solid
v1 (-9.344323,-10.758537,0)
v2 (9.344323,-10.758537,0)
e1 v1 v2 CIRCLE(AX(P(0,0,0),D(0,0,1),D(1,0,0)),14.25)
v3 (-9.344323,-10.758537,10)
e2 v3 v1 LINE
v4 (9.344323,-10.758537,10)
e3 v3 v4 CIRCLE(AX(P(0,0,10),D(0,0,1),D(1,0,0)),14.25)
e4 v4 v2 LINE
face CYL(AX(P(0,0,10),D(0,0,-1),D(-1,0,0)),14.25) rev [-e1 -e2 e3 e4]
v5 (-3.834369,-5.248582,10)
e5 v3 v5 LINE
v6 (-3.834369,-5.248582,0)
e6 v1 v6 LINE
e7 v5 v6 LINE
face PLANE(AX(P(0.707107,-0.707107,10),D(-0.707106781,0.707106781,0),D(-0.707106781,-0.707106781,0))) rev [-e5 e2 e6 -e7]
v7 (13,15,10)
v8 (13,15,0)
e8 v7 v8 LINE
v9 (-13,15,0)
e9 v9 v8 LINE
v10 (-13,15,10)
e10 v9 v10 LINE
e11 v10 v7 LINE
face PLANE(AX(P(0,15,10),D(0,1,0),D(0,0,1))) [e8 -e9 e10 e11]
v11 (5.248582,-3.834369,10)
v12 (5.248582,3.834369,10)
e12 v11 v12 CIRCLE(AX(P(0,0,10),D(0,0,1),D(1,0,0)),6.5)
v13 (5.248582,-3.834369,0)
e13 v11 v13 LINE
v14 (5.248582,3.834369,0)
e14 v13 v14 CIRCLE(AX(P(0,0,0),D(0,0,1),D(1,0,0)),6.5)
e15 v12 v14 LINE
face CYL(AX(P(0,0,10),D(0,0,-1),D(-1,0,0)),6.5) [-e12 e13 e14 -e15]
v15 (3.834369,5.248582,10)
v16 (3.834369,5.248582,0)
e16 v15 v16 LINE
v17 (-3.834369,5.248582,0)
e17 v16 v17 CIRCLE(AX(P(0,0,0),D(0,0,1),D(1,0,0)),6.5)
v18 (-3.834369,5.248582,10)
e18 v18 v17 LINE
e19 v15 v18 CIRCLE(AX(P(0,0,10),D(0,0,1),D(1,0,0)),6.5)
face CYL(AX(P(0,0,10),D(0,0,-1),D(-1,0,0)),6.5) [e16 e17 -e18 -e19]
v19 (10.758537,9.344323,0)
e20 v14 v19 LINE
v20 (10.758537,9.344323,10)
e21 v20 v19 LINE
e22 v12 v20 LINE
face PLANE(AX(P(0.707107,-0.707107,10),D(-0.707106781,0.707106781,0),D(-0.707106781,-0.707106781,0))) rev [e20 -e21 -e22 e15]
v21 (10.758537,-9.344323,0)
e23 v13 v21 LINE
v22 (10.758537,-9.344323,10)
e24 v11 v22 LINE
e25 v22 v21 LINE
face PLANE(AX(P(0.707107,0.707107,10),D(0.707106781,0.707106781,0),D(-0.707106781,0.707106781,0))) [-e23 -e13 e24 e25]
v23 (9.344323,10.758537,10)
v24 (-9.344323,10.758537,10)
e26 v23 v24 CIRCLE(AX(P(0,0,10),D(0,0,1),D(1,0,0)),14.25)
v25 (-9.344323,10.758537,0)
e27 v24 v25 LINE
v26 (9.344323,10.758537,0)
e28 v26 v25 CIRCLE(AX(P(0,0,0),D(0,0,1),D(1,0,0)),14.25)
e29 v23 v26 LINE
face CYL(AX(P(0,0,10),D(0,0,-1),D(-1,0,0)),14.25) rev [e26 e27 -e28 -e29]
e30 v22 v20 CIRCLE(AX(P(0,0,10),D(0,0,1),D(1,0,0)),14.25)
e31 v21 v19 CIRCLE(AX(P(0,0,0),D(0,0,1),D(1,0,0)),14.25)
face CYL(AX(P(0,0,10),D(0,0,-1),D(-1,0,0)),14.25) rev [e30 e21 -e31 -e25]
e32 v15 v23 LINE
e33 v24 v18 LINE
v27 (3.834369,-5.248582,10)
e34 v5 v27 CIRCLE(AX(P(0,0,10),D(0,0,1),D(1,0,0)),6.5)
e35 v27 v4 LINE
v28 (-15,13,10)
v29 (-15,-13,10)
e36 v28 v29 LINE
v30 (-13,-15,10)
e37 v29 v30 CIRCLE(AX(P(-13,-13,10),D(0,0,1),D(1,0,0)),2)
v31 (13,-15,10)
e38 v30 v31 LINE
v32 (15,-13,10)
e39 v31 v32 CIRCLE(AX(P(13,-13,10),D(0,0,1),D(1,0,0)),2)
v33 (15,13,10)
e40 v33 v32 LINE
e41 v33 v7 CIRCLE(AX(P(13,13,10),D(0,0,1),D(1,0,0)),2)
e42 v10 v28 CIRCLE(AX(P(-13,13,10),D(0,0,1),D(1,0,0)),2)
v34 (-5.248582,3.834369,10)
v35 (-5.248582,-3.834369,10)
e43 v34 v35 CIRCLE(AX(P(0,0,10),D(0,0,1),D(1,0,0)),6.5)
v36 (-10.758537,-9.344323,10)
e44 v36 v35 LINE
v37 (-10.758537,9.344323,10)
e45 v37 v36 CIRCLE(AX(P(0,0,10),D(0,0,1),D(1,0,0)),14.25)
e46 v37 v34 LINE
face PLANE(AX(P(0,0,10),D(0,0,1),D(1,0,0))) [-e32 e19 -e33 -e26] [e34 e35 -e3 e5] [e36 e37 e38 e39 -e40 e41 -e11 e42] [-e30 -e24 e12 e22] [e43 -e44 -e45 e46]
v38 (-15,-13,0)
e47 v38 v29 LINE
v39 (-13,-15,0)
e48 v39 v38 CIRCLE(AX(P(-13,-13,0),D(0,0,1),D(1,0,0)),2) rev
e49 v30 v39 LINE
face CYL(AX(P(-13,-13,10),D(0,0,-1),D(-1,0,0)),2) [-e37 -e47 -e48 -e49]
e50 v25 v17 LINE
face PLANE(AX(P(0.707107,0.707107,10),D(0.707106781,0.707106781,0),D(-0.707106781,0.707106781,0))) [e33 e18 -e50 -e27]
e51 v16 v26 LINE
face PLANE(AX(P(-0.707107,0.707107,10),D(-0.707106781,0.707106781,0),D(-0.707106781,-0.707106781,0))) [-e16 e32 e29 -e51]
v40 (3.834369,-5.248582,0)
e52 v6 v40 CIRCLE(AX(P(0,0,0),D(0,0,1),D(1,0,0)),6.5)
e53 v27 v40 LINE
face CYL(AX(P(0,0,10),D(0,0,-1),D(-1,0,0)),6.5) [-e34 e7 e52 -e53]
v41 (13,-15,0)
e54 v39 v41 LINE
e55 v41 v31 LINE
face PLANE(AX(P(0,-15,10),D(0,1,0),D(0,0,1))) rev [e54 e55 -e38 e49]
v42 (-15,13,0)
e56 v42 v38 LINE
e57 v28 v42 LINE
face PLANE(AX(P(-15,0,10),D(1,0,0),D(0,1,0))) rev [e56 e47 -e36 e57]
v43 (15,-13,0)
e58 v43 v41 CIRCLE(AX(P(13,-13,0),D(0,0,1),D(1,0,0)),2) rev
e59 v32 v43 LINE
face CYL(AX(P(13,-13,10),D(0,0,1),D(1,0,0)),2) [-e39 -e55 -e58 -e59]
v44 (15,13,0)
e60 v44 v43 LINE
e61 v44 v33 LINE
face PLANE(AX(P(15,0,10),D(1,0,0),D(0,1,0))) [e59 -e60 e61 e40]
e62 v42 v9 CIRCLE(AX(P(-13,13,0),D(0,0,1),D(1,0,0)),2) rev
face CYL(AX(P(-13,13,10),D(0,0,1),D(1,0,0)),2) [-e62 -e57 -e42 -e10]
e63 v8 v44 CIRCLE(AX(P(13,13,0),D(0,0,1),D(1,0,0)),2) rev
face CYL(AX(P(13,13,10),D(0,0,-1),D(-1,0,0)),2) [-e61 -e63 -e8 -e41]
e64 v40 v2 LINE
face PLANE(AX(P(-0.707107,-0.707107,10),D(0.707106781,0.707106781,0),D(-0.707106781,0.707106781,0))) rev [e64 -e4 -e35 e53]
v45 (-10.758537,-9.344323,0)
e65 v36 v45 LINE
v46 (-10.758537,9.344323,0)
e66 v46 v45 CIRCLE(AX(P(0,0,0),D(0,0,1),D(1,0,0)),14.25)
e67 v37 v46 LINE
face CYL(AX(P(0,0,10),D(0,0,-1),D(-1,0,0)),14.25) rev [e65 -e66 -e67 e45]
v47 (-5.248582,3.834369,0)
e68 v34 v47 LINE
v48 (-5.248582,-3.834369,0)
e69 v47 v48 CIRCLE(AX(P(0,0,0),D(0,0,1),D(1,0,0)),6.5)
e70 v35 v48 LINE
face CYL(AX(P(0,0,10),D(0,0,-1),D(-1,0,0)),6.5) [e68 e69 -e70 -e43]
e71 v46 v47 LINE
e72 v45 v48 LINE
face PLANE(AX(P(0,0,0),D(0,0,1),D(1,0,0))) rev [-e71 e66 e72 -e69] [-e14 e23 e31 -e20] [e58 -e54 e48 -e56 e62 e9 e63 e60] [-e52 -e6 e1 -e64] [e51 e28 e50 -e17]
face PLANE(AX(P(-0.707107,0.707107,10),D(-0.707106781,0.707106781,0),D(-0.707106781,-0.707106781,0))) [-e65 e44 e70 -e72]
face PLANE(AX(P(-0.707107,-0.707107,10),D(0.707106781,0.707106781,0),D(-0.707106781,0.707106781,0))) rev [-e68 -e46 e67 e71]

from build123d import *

# Parameters (mm, degrees)
BOSS_EXTRUDE1_DEPTH = 10
FILLET1_R           = 2


with BuildPart() as part:
    # Sketch1 → Boss-Extrude1 (new body)
    with BuildSketch(Plane.XY):
        with BuildLine():
            ThreePointArc((-10.758537028, -9.344323465), (-14.25, 0), (-10.758537028, 9.344323465))
            Line((-10.758537028, 9.344323465), (-15, 13.585786438))
            Line((-15, 13.585786438), (-15, -13.585786438))
            Line((-15, -13.585786438), (-10.758537028, -9.344323465))
        make_face()
        with BuildLine():
            ThreePointArc((-9.344323465, -10.758537028), (-10.076271632, -10.076271632), (-10.758537028, -9.344323465))
            Line((-10.758537028, -9.344323465), (-15, -13.585786438))
            Line((-15, -13.585786438), (-15, -15))
            Line((-15, -15), (-13.585786438, -15))
            Line((-13.585786438, -15), (-9.344323465, -10.758537028))
        make_face()
        with BuildLine():
            ThreePointArc((9.344323465, -10.758537028), (0, -14.25), (-9.344323465, -10.758537028))
            Line((-9.344323465, -10.758537028), (-13.585786438, -15))
            Line((-13.585786438, -15), (13.585786438, -15))
            Line((13.585786438, -15), (9.344323465, -10.758537028))
        make_face()
        with BuildLine():
            Line((15, -15), (15, -13.585786438))
            Line((15, -13.585786438), (10.758537028, -9.344323465))
            ThreePointArc((10.758537028, -9.344323465), (10.076271632, -10.076271632), (9.344323465, -10.758537028))
            Line((9.344323465, -10.758537028), (13.585786438, -15))
            Line((13.585786438, -15), (15, -15))
        make_face()
        with BuildLine():
            Line((15, 13.585786438), (10.758537028, 9.344323465))
            ThreePointArc((10.758537028, 9.344323465), (13.348626383, 4.987652121), (14.25, 0))
            ThreePointArc((14.25, 0), (13.348626383, -4.987652121), (10.758537028, -9.344323465))
            Line((10.758537028, -9.344323465), (15, -13.585786438))
            Line((15, -13.585786438), (15, 13.585786438))
        make_face()
        with BuildLine():
            Line((15, 15), (13.585786438, 15))
            Line((13.585786438, 15), (9.344323465, 10.758537028))
            ThreePointArc((9.344323465, 10.758537028), (10.076271632, 10.076271632), (10.758537028, 9.344323465))
            Line((10.758537028, 9.344323465), (15, 13.585786438))
            Line((15, 13.585786438), (15, 15))
        make_face()
        with BuildLine():
            Line((13.585786438, 15), (-13.585786438, 15))
            Line((-13.585786438, 15), (-9.344323465, 10.758537028))
            ThreePointArc((-9.344323465, 10.758537028), (0, 14.25), (9.344323465, 10.758537028))
            Line((9.344323465, 10.758537028), (13.585786438, 15))
        make_face()
        with BuildLine():
            Line((-9.344323465, 10.758537028), (-13.585786438, 15))
            Line((-13.585786438, 15), (-15, 15))
            Line((-15, 15), (-15, 13.585786438))
            Line((-15, 13.585786438), (-10.758537028, 9.344323465))
            ThreePointArc((-10.758537028, 9.344323465), (-10.076271632, 10.076271632), (-9.344323465, 10.758537028))
        make_face()
        with BuildLine():
            Line((3.83436875, -5.248582312), (0, -1.414213562))
            Line((0, -1.414213562), (-3.83436875, -5.248582312))
            ThreePointArc((-3.83436875, -5.248582312), (0, -6.5), (3.83436875, -5.248582312))
        make_face()
        with BuildLine():
            Line((0, -1.414213562), (-1.414213562, 0))
            Line((-1.414213562, 0), (-5.248582312, -3.83436875))
            ThreePointArc((-5.248582312, -3.83436875), (-4.596194078, -4.596194078), (-3.83436875, -5.248582312))
            Line((-3.83436875, -5.248582312), (0, -1.414213562))
        make_face()
        with BuildLine():
            Line((-1.414213562, 0), (-5.248582312, 3.83436875))
            ThreePointArc((-5.248582312, 3.83436875), (-6.5, 0), (-5.248582312, -3.83436875))
            Line((-5.248582312, -3.83436875), (-1.414213562, 0))
        make_face()
        with BuildLine():
            Line((0, 1.414213562), (-3.83436875, 5.248582312))
            ThreePointArc((-3.83436875, 5.248582312), (-4.596194078, 4.596194078), (-5.248582312, 3.83436875))
            Line((-5.248582312, 3.83436875), (-1.414213562, 0))
            Line((-1.414213562, 0), (0, 1.414213562))
        make_face()
        with BuildLine():
            ThreePointArc((3.83436875, 5.248582312), (0, 6.5), (-3.83436875, 5.248582312))
            Line((-3.83436875, 5.248582312), (0, 1.414213562))
            Line((0, 1.414213562), (3.83436875, 5.248582312))
        make_face()
        with BuildLine():
            Line((3.83436875, 5.248582312), (0, 1.414213562))
            Line((0, 1.414213562), (1.414213562, 0))
            Line((1.414213562, 0), (5.248582312, 3.83436875))
            ThreePointArc((5.248582312, 3.83436875), (4.596194078, 4.596194078), (3.83436875, 5.248582312))
        make_face()
        with BuildLine():
            Line((5.248582312, 3.83436875), (1.414213562, 0))
            Line((1.414213562, 0), (5.248582312, -3.83436875))
            ThreePointArc((5.248582312, -3.83436875), (6.179230738, -2.01670709), (6.5, 0))
            ThreePointArc((6.5, 0), (6.179230738, 2.01670709), (5.248582312, 3.83436875))
        make_face()
        with BuildLine():
            Line((5.248582312, -3.83436875), (1.414213562, 0))
            Line((1.414213562, 0), (0, -1.414213562))
            Line((0, -1.414213562), (3.83436875, -5.248582312))
            ThreePointArc((3.83436875, -5.248582312), (4.596194078, -4.596194078), (5.248582312, -3.83436875))
        make_face()
        with BuildLine():
            Line((-3.83436875, 5.248582312), (-9.344323465, 10.758537028))
            ThreePointArc((-9.344323465, 10.758537028), (-10.076271632, 10.076271632), (-10.758537028, 9.344323465))
            Line((-10.758537028, 9.344323465), (-5.248582312, 3.83436875))
            ThreePointArc((-5.248582312, 3.83436875), (-4.596194078, 4.596194078), (-3.83436875, 5.248582312))
        make_face()
        with BuildLine():
            Line((10.758537028, -9.344323465), (5.248582312, -3.83436875))
            ThreePointArc((5.248582312, -3.83436875), (4.596194078, -4.596194078), (3.83436875, -5.248582312))
            Line((3.83436875, -5.248582312), (9.344323465, -10.758537028))
            ThreePointArc((9.344323465, -10.758537028), (10.076271632, -10.076271632), (10.758537028, -9.344323465))
        make_face()
        with BuildLine():
            ThreePointArc((10.758537028, 9.344323465), (10.076271632, 10.076271632), (9.344323465, 10.758537028))
            Line((9.344323465, 10.758537028), (3.83436875, 5.248582312))
            ThreePointArc((3.83436875, 5.248582312), (4.596194078, 4.596194078), (5.248582312, 3.83436875))
            Line((5.248582312, 3.83436875), (10.758537028, 9.344323465))
        make_face()
        with BuildLine():
            Line((-5.248582312, -3.83436875), (-10.758537028, -9.344323465))
            ThreePointArc((-10.758537028, -9.344323465), (-10.076271632, -10.076271632), (-9.344323465, -10.758537028))
            Line((-9.344323465, -10.758537028), (-3.83436875, -5.248582312))
            ThreePointArc((-3.83436875, -5.248582312), (-4.596194078, -4.596194078), (-5.248582312, -3.83436875))
        make_face()
        Polygon((1.414213562, 0), (0, 1.414213562), (-1.414213562, 0), (0, -1.414213562), align=None)
    extrude(amount=BOSS_EXTRUDE1_DEPTH)

    # Fillet1
    fillet1_edges = [part.edges().sort_by_distance(p)[0] for p in [
        (15, -15, 5),
        (-15, -15, 5),
        (-15, 15, 5),
        (15, 15, 5),
    ]]
    fillet(fillet1_edges, radius=FILLET1_R)


solid = part.part
